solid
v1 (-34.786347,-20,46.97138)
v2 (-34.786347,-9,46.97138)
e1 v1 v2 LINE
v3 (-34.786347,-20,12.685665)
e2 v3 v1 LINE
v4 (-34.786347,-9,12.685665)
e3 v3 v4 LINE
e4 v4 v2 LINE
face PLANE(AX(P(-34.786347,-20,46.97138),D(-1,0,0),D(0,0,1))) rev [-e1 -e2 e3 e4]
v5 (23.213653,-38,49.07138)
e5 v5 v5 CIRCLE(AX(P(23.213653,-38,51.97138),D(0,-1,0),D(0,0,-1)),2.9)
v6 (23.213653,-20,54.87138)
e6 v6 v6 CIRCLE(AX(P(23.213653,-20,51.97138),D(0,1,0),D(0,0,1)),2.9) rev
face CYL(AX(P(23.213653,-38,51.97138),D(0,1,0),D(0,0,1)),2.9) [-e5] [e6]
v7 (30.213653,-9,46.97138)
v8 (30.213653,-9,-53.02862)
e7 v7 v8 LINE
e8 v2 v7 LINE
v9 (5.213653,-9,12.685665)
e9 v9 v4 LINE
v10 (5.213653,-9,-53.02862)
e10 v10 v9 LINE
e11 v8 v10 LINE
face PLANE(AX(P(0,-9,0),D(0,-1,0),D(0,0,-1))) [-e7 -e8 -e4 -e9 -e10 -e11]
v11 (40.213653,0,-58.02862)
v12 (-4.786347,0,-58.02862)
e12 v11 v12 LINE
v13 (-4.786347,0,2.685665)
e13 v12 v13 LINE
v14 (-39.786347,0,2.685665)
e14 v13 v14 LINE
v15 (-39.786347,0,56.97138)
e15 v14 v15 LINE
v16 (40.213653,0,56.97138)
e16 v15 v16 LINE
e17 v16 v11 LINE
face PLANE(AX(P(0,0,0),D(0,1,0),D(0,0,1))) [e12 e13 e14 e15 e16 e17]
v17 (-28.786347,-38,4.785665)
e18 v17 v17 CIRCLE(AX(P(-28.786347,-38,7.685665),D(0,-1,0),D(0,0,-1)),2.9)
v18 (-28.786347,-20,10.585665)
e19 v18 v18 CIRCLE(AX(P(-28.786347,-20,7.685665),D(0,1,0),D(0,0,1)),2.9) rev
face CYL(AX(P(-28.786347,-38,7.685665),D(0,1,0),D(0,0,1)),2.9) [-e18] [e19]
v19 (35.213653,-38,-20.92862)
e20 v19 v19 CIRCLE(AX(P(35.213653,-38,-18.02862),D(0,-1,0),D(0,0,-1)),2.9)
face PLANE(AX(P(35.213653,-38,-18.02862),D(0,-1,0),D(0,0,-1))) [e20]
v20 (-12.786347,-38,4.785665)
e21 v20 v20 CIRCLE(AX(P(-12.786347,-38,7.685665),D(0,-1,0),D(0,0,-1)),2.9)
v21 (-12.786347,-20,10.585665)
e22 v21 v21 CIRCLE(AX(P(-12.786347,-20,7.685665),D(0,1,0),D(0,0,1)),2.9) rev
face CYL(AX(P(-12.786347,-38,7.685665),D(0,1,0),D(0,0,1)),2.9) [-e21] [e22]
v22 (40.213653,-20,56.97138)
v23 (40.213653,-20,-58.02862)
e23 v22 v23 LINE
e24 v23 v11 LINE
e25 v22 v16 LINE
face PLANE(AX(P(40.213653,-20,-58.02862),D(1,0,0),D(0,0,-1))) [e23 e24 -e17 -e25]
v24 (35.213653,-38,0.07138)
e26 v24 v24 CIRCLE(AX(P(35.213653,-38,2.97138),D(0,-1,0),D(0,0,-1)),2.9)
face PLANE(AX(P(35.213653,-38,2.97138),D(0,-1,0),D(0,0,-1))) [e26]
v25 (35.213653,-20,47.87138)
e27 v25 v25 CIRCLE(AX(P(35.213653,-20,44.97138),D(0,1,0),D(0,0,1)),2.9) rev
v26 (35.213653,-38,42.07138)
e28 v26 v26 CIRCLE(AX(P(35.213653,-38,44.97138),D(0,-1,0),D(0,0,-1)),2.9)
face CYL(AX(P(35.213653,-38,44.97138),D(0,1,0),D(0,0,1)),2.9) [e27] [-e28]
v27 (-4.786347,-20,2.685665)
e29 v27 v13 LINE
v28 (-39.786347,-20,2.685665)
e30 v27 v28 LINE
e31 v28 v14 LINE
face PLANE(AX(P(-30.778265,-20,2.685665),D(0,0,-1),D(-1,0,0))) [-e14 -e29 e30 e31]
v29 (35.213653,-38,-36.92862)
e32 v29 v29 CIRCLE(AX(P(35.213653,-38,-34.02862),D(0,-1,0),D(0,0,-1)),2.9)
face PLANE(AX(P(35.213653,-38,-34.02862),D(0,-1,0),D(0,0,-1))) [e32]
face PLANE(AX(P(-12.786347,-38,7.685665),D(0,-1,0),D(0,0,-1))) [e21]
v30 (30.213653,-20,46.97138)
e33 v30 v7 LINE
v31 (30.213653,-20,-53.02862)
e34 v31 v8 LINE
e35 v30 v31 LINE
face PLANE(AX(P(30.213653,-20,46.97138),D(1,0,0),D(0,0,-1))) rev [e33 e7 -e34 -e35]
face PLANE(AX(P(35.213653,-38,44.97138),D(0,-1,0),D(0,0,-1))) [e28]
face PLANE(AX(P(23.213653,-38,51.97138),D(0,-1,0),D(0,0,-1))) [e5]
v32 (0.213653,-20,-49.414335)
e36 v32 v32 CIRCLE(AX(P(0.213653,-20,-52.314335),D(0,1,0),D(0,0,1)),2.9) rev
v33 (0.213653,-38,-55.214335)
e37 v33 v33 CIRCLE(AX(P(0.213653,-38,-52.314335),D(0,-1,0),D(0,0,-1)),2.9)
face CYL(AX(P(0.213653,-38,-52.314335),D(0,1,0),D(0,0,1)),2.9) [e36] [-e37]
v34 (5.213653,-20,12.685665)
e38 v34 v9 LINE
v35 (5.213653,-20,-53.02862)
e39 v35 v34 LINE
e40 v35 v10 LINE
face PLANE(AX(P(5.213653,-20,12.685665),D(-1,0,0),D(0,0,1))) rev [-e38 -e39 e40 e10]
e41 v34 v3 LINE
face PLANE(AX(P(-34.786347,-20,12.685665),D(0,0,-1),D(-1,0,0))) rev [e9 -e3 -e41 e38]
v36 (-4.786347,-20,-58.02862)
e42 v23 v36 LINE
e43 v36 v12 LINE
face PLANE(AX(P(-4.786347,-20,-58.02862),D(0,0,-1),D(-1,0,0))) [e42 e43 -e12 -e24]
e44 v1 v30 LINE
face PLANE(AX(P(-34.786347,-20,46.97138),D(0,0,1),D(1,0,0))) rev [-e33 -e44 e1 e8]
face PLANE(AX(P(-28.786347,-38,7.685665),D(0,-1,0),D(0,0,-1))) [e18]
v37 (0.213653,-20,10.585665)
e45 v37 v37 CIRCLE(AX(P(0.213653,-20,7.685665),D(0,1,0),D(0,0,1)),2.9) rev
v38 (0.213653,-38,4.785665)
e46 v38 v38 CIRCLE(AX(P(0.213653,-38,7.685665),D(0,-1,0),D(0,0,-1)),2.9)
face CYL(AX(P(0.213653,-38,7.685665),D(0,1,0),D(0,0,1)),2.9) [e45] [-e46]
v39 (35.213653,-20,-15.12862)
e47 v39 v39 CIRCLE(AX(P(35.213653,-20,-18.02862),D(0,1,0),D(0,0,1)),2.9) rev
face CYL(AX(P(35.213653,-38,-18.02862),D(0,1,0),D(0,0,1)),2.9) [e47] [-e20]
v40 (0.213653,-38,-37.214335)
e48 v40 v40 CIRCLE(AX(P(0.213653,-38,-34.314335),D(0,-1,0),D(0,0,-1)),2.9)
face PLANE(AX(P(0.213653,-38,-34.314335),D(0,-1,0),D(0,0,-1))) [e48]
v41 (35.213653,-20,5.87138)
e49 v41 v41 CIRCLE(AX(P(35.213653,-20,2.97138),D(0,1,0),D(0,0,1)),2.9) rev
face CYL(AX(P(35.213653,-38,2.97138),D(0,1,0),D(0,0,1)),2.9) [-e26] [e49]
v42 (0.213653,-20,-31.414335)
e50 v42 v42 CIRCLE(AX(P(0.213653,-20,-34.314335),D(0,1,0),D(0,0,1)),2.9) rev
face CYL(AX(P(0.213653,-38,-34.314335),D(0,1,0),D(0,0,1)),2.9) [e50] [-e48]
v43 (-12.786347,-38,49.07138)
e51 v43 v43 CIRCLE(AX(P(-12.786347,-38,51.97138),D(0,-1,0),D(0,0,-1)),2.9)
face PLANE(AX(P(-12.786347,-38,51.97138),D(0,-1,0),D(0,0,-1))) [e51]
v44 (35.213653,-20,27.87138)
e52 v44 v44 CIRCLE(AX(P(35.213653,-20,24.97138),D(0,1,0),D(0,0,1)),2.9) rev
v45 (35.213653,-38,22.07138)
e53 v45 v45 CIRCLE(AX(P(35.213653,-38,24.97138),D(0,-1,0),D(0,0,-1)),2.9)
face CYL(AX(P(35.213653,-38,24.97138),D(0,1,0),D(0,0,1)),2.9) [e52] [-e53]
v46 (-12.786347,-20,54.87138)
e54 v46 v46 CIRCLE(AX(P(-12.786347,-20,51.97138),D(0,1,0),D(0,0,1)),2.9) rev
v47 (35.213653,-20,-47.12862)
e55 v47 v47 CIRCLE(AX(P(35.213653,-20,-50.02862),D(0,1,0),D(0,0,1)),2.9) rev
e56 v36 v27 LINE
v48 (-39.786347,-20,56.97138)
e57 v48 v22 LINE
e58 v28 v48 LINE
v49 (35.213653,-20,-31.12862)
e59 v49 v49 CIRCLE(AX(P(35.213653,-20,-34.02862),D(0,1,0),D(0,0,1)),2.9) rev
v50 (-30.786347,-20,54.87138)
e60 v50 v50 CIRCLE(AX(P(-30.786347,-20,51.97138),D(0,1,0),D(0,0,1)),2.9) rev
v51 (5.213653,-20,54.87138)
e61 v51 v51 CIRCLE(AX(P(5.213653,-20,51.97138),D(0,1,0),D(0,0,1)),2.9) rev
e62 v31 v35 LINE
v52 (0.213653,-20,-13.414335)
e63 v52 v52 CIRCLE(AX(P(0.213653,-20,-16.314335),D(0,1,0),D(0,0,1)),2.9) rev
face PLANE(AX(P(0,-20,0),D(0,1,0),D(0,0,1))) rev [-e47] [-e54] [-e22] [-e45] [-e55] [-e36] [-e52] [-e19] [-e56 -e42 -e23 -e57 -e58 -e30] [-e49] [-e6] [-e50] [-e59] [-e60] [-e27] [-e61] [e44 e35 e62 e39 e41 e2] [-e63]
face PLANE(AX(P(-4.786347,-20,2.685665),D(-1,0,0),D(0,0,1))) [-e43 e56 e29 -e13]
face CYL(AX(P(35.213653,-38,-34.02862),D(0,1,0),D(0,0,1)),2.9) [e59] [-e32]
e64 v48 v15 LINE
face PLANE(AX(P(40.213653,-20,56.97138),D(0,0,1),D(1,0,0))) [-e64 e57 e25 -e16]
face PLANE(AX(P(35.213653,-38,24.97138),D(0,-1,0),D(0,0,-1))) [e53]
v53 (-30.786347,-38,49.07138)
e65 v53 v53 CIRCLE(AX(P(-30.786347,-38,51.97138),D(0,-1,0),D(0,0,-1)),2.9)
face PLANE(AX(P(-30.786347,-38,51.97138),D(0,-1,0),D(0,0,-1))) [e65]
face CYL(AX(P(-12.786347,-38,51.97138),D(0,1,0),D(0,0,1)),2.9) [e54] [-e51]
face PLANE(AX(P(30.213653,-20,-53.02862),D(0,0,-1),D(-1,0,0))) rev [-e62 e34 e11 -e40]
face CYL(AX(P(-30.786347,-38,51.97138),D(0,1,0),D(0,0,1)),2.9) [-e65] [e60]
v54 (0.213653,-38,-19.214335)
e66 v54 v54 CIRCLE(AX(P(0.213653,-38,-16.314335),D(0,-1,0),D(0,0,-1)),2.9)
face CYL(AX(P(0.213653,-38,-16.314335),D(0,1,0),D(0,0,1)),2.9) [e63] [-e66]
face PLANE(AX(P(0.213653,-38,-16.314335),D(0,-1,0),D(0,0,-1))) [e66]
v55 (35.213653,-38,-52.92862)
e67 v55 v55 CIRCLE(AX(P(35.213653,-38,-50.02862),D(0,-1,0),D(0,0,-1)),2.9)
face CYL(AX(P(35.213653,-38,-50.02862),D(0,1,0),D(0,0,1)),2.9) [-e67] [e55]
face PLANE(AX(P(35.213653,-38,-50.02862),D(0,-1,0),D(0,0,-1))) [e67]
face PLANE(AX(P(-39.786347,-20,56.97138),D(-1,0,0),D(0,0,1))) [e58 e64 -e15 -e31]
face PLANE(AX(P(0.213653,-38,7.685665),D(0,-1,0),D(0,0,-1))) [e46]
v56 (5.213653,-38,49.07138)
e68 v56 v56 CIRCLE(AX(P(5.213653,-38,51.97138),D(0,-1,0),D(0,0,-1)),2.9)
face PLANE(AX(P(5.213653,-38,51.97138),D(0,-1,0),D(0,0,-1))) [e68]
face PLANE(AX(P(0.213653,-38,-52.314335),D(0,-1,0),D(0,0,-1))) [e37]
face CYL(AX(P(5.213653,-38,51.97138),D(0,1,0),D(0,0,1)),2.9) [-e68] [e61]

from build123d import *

# Parameters (mm, degrees)
EXTRUDE_1_DEPTH = 20
EXTRUDE_2_DEPTH = 9
SKETCH_4_R      = 2.9
EXTRUDE_3_DEPTH = 18


with BuildPart() as part:
    # Эскиз2 → Бобышка-Вытянуть1 (new body)
    with BuildSketch(Plane(origin=(0, 0, 0), x_dir=(1, 0, 0), z_dir=(0, 1, 0))):
        Polygon((-30.778265169, -2.685665469), (-4.786347208, -2.685665469), (-4.786347208, 58.028620245), (40.213652792, 58.028620245), (40.213652792, -56.971379755), (-39.786347208, -56.971379755), (-39.786347208, -2.685665469), align=None)
        Polygon((-34.786347208, -46.971379755), (30.213652792, -46.971379755), (30.213652792, -6.971379755), (30.213652792, 53.028620245), (5.213652792, 53.028620245), (5.213652792, -12.685665469), (-34.786347208, -12.685665469), align=None, mode=Mode.SUBTRACT)
    extrude(amount=-EXTRUDE_1_DEPTH)

    # Эскиз3 → Бобышка-Вытянуть2 (add)
    with BuildSketch(Plane(origin=(0, 0, 0), x_dir=(1, 0, 0), z_dir=(0, 1, 0))):
        Polygon((5.213652792, 53.028620245), (30.213652792, 53.028620245), (30.213652792, -46.971379755), (-34.786347208, -46.971379755), (-34.786347208, -12.685665469), (5.213652792, -12.685665469), align=None)
    extrude(amount=-EXTRUDE_2_DEPTH)

    # Эскиз4 → Бобышка-Вытянуть3 (add)
    with BuildSketch(Plane.XZ.offset(20)):
        with Locations(Location((35.213652792, 24.971379755, 0), (0, 0, 90))):
            Circle(SKETCH_4_R)
        with Locations(Location((35.213652792, 2.971379755, 0), (0, 0, 90))):
            Circle(SKETCH_4_R)
        with Locations(Location((35.213652792, -18.028620245, 0), (0, 0, 90))):
            Circle(SKETCH_4_R)
        with Locations(Location((35.213652792, -34.028620245, 0), (0, 0, 90))):
            Circle(SKETCH_4_R)
        with Locations(Location((35.213652792, -50.028620245, 0), (0, 0, 90))):
            Circle(SKETCH_4_R)
        with Locations(Location((23.213652792, 51.971379755, 0), (0, 0, 90))):
            Circle(SKETCH_4_R)
        with Locations(Location((5.213652792, 51.971379755, 0), (0, 0, 90))):
            Circle(SKETCH_4_R)
        with Locations(Location((-12.786347208, 51.971379755, 0), (0, 0, 90))):
            Circle(SKETCH_4_R)
        with Locations(Location((-30.786347208, 51.971379755, 0), (0, 0, 90))):
            Circle(SKETCH_4_R)
        with Locations(Location((-28.786347208, 7.685665469, 0), (0, 0, 90))):
            Circle(SKETCH_4_R)
        with Locations(Location((-12.786347208, 7.685665469, 0), (0, 0, 90))):
            Circle(SKETCH_4_R)
        with Locations(Location((0.213652792, -52.314334531, 0), (0, 0, 90))):
            Circle(SKETCH_4_R)
        with Locations(Location((0.213652792, -34.314334531, 0), (0, 0, 90))):
            Circle(SKETCH_4_R)
        with Locations(Location((0.213652792, -16.314334531, 0), (0, 0, 90))):
            Circle(SKETCH_4_R)
        with Locations(Location((35.213652792, 44.971379755, 0), (0, 0, 90))):
            Circle(SKETCH_4_R)
        with Locations(Location((0.213652792, 7.685665469, 0), (0, 0, 90))):
            Circle(SKETCH_4_R)
    extrude(amount=EXTRUDE_3_DEPTH)


solid = part.part
